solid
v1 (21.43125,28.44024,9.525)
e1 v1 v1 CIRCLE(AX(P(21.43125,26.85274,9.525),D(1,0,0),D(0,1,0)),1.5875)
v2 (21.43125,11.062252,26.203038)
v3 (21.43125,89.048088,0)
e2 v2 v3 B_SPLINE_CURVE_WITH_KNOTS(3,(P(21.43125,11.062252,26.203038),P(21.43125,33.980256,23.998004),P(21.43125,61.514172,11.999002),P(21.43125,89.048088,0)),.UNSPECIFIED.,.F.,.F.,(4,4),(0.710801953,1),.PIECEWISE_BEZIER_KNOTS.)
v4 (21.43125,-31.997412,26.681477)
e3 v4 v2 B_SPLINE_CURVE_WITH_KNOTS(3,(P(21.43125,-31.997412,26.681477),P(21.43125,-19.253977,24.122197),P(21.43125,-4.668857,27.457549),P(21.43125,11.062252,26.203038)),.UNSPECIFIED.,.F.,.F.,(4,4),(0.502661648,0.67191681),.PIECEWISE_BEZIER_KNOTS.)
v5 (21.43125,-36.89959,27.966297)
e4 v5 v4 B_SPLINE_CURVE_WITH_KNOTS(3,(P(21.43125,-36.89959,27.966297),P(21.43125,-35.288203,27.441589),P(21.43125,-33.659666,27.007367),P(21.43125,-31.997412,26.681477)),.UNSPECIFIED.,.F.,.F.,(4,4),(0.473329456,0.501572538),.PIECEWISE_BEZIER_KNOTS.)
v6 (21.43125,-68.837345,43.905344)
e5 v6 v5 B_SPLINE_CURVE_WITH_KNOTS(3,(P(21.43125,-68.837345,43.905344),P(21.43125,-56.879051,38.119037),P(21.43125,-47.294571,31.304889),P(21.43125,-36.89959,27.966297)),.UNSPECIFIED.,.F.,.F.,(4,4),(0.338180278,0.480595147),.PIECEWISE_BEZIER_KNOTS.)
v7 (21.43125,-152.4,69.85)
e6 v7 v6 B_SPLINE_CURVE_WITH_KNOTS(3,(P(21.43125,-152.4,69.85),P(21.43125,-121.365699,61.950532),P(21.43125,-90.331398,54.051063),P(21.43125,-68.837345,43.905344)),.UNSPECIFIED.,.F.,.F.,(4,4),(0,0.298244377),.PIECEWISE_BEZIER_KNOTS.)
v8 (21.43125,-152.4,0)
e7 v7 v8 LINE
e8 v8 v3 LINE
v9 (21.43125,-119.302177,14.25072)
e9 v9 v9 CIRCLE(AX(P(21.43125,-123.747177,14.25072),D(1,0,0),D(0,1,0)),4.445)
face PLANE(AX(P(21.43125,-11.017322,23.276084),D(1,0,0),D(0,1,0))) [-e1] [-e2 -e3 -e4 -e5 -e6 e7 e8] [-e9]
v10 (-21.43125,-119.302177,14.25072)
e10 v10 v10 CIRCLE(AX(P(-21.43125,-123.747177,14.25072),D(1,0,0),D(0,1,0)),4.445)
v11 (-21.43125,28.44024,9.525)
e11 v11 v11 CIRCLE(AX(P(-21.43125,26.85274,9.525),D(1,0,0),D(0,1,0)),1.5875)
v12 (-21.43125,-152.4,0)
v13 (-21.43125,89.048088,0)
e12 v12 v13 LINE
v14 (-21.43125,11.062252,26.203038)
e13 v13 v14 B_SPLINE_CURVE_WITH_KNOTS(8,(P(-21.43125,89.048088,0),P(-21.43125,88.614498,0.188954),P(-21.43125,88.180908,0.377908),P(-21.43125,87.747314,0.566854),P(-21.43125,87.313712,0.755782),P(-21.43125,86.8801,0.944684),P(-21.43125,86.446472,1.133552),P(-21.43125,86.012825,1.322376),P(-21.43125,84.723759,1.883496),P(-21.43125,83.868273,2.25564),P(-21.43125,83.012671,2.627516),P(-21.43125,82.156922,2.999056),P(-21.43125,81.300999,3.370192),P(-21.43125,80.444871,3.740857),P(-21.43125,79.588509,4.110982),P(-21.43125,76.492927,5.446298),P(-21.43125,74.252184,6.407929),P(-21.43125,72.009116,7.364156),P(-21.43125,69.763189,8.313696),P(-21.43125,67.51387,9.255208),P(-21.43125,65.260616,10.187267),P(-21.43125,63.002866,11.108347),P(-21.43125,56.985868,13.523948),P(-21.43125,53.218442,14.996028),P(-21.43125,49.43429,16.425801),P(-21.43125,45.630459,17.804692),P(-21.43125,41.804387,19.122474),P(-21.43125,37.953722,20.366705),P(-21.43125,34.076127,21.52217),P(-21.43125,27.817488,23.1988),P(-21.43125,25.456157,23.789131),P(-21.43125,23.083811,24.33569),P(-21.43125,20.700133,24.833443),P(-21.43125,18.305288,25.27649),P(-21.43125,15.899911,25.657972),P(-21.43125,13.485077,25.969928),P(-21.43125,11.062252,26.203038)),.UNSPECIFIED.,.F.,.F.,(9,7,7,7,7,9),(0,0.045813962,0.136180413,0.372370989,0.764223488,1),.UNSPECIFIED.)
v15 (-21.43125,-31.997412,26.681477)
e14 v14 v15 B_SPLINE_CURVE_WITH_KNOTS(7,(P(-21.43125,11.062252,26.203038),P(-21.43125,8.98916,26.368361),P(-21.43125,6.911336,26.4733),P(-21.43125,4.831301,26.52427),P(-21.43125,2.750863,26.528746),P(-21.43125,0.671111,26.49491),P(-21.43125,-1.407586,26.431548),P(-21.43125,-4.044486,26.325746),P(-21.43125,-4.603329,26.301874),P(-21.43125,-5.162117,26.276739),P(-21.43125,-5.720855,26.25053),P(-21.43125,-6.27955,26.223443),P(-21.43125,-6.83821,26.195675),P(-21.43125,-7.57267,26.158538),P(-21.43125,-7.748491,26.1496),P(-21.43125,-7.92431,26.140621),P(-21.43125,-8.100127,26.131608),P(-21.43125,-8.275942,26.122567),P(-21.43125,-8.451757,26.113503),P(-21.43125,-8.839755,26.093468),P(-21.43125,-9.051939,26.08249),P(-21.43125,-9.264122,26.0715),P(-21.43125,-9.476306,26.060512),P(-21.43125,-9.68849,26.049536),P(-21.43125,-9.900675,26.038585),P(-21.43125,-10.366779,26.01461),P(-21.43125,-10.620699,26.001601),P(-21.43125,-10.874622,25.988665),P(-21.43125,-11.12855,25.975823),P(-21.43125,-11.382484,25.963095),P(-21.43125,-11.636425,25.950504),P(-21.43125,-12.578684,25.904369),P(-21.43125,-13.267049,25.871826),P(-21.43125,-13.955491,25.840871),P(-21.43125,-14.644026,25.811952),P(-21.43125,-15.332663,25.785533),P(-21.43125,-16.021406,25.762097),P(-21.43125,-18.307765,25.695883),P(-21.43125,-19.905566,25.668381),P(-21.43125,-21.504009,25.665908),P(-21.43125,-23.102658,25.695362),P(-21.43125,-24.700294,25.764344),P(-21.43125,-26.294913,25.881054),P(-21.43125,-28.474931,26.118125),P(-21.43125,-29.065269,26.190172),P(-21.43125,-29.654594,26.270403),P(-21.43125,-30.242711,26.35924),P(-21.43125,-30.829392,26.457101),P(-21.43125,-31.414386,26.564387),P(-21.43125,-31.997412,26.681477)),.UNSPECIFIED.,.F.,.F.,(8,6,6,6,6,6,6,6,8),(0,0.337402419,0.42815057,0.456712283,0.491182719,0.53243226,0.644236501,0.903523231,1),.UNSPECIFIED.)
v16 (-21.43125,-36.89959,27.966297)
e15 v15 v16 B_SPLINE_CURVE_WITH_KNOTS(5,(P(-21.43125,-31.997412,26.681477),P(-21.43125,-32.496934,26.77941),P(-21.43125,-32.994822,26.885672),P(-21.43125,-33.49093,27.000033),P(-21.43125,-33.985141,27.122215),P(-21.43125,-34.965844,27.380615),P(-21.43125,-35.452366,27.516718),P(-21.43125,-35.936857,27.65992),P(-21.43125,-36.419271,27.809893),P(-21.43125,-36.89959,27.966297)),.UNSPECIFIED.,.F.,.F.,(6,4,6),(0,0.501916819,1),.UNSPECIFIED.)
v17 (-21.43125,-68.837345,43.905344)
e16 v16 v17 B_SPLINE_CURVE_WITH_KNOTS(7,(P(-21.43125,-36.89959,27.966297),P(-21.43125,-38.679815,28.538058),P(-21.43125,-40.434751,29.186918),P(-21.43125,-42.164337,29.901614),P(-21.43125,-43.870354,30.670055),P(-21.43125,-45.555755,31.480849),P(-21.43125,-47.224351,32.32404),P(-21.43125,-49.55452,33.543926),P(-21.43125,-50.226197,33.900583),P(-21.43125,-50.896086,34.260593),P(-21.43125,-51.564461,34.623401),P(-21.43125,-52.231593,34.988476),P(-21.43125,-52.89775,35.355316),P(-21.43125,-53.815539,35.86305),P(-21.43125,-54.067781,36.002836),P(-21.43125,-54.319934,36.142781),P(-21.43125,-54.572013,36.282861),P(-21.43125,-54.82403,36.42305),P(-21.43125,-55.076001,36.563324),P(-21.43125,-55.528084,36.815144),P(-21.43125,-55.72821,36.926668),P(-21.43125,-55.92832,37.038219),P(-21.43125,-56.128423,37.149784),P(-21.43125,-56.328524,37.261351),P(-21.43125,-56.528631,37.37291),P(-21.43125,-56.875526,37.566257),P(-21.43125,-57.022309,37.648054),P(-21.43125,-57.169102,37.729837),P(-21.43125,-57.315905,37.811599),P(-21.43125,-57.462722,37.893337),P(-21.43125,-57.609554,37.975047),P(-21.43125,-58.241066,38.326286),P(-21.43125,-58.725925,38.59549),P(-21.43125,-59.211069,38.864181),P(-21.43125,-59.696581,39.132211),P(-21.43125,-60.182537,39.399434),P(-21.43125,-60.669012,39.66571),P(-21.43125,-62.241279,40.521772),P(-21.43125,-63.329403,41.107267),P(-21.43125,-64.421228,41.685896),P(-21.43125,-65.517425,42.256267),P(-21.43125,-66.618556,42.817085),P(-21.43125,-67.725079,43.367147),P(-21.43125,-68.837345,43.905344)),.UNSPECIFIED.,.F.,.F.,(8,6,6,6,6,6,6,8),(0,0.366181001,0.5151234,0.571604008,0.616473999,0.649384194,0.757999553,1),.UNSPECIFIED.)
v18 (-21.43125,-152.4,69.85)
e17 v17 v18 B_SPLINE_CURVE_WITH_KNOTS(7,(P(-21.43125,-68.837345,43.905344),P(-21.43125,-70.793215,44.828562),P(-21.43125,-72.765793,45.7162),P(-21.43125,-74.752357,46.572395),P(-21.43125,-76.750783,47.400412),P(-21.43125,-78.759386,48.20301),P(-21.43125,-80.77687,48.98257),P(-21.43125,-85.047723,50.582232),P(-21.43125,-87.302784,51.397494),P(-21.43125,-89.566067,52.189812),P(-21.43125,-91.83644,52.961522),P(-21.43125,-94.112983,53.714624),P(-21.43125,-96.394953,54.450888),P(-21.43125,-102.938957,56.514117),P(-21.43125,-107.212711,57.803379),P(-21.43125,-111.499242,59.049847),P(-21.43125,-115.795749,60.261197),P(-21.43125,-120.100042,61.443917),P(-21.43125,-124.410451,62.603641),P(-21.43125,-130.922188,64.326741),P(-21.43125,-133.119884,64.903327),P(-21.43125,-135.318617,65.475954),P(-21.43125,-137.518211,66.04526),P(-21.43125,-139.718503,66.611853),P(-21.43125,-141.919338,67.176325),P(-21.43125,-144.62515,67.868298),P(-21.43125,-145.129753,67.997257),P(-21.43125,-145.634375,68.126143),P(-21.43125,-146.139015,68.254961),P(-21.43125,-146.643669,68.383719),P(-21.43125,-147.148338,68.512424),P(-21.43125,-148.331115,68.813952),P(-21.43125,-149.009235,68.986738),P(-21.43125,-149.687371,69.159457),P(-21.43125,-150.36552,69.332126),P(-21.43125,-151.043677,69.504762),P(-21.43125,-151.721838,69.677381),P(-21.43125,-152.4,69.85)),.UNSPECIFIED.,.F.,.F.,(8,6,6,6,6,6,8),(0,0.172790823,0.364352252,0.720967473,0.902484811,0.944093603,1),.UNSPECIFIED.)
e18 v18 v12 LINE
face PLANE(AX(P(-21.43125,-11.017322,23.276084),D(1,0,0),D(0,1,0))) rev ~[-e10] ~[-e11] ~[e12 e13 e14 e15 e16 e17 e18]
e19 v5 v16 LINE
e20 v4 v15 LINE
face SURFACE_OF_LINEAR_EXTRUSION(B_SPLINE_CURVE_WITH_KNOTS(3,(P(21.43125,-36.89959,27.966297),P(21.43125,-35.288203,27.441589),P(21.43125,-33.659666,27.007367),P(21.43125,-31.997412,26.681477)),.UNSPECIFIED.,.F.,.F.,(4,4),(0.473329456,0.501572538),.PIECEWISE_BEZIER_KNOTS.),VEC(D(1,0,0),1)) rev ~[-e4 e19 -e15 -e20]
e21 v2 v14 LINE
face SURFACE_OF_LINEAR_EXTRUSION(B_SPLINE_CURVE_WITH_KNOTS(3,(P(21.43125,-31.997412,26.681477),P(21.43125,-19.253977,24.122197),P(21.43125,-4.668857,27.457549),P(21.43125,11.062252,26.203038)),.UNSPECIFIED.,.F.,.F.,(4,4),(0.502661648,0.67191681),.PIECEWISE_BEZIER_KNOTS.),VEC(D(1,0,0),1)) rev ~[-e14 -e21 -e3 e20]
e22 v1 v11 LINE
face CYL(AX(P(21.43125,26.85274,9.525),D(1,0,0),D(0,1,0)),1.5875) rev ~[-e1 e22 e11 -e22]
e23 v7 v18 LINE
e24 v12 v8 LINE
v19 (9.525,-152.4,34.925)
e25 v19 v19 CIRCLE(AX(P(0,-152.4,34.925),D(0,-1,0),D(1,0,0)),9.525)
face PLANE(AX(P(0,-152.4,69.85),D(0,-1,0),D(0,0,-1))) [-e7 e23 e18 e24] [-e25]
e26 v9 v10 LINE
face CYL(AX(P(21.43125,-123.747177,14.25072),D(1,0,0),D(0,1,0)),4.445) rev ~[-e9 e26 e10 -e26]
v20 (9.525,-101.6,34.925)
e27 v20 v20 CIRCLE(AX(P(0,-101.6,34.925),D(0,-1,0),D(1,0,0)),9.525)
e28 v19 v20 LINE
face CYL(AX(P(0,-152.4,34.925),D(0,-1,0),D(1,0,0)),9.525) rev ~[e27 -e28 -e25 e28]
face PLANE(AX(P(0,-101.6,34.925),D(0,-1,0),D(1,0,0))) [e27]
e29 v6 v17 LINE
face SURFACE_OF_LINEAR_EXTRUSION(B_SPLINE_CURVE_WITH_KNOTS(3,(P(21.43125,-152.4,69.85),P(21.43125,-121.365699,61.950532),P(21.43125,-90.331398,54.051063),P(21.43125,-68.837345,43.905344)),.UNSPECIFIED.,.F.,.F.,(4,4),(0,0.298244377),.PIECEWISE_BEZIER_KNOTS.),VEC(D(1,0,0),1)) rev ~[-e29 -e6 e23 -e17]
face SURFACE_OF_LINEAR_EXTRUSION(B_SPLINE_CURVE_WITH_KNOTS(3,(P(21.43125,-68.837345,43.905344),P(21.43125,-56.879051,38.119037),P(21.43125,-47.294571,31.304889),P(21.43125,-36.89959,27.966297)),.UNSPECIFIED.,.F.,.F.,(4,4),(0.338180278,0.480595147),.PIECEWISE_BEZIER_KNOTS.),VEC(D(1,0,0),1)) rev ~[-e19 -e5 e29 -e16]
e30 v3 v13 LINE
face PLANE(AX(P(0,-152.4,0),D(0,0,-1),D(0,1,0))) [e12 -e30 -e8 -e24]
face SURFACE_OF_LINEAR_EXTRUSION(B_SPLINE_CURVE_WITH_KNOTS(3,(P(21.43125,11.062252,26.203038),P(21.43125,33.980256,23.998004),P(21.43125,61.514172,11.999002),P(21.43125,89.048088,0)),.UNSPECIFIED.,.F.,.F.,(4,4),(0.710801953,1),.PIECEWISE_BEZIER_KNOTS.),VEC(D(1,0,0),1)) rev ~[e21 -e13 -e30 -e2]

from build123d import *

# Parameters (mm, degrees)
F1_DEPTH = 21.43125
F2_R     = 9.525
F3_DEPTH = 50.8
F4_R     = 4.445
F4_R_2   = 1.5875
F5_DEPTH = 42.8635


with BuildPart() as f1:
    # F0 (on Right) → F1 (new body, symmetric)
    with BuildSketch(Plane.YZ):
        Polygon((-152.4, 69.85), (-152.4, 0), (152.4, 0), (152.4, 19.05), align=None)
    extrude(amount=F1_DEPTH, both=True)

    # F2 (on face) → F3 (cut)
    with BuildSketch(Plane.XZ.offset(152.4)):
        with Locations((0, 34.925)):
            Circle(F2_R)
    extrude(amount=-F3_DEPTH, mode=Mode.SUBTRACT)

    # F4 (on face) → F5 (intersect, through all)
    with BuildSketch(Plane.YZ.offset(21.43125)):
        with BuildLine():
            add(Edge.make_bspline(
                [(-152.4, 69.85), (-121.3656988164, 61.9505317028), (-90.3313976582, 54.0510634121), (-68.8373446816, 43.905343877)],
                knots=[0, 0, 0, 0, 0.298244377, 0.298244377, 0.298244377, 0.298244377], degree=3))
            Line((-152.4, 69.85), (-152.4, 0))
            Line((-152.4, 0), (89.0480875969, 0))
            add(Edge.make_bspline(
                [(11.0622523739, 26.2030381672), (33.9802557949, 23.9980037311), (61.5141716843, 11.9990018706), (89.0480875969, 0)],
                knots=[0.7108019534, 0.7108019534, 0.7108019534, 0.7108019534, 1, 1, 1, 1], degree=3))
            add(Edge.make_bspline(
                [(-31.9974124432, 26.681477204), (-19.2539773306, 24.1221974468), (-4.6688570157, 27.4575486936), (11.0622523353, 26.2030381709)],
                knots=[0.5026616476, 0.5026616476, 0.5026616476, 0.5026616476, 0.67191681, 0.67191681, 0.67191681, 0.67191681], degree=3))
            add(Edge.make_bspline(
                [(-36.899590382, 27.9662974151), (-35.2882031733, 27.4415892282), (-33.6596662635, 27.0073672393), (-31.9974124719, 26.6814772096)],
                knots=[0.4733294563, 0.4733294563, 0.4733294563, 0.4733294563, 0.501572538, 0.501572538, 0.501572538, 0.501572538], degree=3))
            add(Edge.make_bspline(
                [(-68.8373446465, 43.9053438604), (-56.8790512682, 38.1190372354), (-47.2945707385, 31.3048888776), (-36.899590382, 27.9662974151)],
                knots=[0.3381802775, 0.3381802775, 0.3381802775, 0.3381802775, 0.4805951467, 0.4805951467, 0.4805951467, 0.4805951467], degree=3))
        make_face()
        with Locations((-123.747177422, 14.2507199198)):
            Circle(F4_R, mode=Mode.SUBTRACT)
        with Locations((26.8527399749, 9.525)):
            Circle(F4_R_2, mode=Mode.SUBTRACT)
    extrude(amount=-F5_DEPTH, mode=Mode.INTERSECT)


solid = f1.part
